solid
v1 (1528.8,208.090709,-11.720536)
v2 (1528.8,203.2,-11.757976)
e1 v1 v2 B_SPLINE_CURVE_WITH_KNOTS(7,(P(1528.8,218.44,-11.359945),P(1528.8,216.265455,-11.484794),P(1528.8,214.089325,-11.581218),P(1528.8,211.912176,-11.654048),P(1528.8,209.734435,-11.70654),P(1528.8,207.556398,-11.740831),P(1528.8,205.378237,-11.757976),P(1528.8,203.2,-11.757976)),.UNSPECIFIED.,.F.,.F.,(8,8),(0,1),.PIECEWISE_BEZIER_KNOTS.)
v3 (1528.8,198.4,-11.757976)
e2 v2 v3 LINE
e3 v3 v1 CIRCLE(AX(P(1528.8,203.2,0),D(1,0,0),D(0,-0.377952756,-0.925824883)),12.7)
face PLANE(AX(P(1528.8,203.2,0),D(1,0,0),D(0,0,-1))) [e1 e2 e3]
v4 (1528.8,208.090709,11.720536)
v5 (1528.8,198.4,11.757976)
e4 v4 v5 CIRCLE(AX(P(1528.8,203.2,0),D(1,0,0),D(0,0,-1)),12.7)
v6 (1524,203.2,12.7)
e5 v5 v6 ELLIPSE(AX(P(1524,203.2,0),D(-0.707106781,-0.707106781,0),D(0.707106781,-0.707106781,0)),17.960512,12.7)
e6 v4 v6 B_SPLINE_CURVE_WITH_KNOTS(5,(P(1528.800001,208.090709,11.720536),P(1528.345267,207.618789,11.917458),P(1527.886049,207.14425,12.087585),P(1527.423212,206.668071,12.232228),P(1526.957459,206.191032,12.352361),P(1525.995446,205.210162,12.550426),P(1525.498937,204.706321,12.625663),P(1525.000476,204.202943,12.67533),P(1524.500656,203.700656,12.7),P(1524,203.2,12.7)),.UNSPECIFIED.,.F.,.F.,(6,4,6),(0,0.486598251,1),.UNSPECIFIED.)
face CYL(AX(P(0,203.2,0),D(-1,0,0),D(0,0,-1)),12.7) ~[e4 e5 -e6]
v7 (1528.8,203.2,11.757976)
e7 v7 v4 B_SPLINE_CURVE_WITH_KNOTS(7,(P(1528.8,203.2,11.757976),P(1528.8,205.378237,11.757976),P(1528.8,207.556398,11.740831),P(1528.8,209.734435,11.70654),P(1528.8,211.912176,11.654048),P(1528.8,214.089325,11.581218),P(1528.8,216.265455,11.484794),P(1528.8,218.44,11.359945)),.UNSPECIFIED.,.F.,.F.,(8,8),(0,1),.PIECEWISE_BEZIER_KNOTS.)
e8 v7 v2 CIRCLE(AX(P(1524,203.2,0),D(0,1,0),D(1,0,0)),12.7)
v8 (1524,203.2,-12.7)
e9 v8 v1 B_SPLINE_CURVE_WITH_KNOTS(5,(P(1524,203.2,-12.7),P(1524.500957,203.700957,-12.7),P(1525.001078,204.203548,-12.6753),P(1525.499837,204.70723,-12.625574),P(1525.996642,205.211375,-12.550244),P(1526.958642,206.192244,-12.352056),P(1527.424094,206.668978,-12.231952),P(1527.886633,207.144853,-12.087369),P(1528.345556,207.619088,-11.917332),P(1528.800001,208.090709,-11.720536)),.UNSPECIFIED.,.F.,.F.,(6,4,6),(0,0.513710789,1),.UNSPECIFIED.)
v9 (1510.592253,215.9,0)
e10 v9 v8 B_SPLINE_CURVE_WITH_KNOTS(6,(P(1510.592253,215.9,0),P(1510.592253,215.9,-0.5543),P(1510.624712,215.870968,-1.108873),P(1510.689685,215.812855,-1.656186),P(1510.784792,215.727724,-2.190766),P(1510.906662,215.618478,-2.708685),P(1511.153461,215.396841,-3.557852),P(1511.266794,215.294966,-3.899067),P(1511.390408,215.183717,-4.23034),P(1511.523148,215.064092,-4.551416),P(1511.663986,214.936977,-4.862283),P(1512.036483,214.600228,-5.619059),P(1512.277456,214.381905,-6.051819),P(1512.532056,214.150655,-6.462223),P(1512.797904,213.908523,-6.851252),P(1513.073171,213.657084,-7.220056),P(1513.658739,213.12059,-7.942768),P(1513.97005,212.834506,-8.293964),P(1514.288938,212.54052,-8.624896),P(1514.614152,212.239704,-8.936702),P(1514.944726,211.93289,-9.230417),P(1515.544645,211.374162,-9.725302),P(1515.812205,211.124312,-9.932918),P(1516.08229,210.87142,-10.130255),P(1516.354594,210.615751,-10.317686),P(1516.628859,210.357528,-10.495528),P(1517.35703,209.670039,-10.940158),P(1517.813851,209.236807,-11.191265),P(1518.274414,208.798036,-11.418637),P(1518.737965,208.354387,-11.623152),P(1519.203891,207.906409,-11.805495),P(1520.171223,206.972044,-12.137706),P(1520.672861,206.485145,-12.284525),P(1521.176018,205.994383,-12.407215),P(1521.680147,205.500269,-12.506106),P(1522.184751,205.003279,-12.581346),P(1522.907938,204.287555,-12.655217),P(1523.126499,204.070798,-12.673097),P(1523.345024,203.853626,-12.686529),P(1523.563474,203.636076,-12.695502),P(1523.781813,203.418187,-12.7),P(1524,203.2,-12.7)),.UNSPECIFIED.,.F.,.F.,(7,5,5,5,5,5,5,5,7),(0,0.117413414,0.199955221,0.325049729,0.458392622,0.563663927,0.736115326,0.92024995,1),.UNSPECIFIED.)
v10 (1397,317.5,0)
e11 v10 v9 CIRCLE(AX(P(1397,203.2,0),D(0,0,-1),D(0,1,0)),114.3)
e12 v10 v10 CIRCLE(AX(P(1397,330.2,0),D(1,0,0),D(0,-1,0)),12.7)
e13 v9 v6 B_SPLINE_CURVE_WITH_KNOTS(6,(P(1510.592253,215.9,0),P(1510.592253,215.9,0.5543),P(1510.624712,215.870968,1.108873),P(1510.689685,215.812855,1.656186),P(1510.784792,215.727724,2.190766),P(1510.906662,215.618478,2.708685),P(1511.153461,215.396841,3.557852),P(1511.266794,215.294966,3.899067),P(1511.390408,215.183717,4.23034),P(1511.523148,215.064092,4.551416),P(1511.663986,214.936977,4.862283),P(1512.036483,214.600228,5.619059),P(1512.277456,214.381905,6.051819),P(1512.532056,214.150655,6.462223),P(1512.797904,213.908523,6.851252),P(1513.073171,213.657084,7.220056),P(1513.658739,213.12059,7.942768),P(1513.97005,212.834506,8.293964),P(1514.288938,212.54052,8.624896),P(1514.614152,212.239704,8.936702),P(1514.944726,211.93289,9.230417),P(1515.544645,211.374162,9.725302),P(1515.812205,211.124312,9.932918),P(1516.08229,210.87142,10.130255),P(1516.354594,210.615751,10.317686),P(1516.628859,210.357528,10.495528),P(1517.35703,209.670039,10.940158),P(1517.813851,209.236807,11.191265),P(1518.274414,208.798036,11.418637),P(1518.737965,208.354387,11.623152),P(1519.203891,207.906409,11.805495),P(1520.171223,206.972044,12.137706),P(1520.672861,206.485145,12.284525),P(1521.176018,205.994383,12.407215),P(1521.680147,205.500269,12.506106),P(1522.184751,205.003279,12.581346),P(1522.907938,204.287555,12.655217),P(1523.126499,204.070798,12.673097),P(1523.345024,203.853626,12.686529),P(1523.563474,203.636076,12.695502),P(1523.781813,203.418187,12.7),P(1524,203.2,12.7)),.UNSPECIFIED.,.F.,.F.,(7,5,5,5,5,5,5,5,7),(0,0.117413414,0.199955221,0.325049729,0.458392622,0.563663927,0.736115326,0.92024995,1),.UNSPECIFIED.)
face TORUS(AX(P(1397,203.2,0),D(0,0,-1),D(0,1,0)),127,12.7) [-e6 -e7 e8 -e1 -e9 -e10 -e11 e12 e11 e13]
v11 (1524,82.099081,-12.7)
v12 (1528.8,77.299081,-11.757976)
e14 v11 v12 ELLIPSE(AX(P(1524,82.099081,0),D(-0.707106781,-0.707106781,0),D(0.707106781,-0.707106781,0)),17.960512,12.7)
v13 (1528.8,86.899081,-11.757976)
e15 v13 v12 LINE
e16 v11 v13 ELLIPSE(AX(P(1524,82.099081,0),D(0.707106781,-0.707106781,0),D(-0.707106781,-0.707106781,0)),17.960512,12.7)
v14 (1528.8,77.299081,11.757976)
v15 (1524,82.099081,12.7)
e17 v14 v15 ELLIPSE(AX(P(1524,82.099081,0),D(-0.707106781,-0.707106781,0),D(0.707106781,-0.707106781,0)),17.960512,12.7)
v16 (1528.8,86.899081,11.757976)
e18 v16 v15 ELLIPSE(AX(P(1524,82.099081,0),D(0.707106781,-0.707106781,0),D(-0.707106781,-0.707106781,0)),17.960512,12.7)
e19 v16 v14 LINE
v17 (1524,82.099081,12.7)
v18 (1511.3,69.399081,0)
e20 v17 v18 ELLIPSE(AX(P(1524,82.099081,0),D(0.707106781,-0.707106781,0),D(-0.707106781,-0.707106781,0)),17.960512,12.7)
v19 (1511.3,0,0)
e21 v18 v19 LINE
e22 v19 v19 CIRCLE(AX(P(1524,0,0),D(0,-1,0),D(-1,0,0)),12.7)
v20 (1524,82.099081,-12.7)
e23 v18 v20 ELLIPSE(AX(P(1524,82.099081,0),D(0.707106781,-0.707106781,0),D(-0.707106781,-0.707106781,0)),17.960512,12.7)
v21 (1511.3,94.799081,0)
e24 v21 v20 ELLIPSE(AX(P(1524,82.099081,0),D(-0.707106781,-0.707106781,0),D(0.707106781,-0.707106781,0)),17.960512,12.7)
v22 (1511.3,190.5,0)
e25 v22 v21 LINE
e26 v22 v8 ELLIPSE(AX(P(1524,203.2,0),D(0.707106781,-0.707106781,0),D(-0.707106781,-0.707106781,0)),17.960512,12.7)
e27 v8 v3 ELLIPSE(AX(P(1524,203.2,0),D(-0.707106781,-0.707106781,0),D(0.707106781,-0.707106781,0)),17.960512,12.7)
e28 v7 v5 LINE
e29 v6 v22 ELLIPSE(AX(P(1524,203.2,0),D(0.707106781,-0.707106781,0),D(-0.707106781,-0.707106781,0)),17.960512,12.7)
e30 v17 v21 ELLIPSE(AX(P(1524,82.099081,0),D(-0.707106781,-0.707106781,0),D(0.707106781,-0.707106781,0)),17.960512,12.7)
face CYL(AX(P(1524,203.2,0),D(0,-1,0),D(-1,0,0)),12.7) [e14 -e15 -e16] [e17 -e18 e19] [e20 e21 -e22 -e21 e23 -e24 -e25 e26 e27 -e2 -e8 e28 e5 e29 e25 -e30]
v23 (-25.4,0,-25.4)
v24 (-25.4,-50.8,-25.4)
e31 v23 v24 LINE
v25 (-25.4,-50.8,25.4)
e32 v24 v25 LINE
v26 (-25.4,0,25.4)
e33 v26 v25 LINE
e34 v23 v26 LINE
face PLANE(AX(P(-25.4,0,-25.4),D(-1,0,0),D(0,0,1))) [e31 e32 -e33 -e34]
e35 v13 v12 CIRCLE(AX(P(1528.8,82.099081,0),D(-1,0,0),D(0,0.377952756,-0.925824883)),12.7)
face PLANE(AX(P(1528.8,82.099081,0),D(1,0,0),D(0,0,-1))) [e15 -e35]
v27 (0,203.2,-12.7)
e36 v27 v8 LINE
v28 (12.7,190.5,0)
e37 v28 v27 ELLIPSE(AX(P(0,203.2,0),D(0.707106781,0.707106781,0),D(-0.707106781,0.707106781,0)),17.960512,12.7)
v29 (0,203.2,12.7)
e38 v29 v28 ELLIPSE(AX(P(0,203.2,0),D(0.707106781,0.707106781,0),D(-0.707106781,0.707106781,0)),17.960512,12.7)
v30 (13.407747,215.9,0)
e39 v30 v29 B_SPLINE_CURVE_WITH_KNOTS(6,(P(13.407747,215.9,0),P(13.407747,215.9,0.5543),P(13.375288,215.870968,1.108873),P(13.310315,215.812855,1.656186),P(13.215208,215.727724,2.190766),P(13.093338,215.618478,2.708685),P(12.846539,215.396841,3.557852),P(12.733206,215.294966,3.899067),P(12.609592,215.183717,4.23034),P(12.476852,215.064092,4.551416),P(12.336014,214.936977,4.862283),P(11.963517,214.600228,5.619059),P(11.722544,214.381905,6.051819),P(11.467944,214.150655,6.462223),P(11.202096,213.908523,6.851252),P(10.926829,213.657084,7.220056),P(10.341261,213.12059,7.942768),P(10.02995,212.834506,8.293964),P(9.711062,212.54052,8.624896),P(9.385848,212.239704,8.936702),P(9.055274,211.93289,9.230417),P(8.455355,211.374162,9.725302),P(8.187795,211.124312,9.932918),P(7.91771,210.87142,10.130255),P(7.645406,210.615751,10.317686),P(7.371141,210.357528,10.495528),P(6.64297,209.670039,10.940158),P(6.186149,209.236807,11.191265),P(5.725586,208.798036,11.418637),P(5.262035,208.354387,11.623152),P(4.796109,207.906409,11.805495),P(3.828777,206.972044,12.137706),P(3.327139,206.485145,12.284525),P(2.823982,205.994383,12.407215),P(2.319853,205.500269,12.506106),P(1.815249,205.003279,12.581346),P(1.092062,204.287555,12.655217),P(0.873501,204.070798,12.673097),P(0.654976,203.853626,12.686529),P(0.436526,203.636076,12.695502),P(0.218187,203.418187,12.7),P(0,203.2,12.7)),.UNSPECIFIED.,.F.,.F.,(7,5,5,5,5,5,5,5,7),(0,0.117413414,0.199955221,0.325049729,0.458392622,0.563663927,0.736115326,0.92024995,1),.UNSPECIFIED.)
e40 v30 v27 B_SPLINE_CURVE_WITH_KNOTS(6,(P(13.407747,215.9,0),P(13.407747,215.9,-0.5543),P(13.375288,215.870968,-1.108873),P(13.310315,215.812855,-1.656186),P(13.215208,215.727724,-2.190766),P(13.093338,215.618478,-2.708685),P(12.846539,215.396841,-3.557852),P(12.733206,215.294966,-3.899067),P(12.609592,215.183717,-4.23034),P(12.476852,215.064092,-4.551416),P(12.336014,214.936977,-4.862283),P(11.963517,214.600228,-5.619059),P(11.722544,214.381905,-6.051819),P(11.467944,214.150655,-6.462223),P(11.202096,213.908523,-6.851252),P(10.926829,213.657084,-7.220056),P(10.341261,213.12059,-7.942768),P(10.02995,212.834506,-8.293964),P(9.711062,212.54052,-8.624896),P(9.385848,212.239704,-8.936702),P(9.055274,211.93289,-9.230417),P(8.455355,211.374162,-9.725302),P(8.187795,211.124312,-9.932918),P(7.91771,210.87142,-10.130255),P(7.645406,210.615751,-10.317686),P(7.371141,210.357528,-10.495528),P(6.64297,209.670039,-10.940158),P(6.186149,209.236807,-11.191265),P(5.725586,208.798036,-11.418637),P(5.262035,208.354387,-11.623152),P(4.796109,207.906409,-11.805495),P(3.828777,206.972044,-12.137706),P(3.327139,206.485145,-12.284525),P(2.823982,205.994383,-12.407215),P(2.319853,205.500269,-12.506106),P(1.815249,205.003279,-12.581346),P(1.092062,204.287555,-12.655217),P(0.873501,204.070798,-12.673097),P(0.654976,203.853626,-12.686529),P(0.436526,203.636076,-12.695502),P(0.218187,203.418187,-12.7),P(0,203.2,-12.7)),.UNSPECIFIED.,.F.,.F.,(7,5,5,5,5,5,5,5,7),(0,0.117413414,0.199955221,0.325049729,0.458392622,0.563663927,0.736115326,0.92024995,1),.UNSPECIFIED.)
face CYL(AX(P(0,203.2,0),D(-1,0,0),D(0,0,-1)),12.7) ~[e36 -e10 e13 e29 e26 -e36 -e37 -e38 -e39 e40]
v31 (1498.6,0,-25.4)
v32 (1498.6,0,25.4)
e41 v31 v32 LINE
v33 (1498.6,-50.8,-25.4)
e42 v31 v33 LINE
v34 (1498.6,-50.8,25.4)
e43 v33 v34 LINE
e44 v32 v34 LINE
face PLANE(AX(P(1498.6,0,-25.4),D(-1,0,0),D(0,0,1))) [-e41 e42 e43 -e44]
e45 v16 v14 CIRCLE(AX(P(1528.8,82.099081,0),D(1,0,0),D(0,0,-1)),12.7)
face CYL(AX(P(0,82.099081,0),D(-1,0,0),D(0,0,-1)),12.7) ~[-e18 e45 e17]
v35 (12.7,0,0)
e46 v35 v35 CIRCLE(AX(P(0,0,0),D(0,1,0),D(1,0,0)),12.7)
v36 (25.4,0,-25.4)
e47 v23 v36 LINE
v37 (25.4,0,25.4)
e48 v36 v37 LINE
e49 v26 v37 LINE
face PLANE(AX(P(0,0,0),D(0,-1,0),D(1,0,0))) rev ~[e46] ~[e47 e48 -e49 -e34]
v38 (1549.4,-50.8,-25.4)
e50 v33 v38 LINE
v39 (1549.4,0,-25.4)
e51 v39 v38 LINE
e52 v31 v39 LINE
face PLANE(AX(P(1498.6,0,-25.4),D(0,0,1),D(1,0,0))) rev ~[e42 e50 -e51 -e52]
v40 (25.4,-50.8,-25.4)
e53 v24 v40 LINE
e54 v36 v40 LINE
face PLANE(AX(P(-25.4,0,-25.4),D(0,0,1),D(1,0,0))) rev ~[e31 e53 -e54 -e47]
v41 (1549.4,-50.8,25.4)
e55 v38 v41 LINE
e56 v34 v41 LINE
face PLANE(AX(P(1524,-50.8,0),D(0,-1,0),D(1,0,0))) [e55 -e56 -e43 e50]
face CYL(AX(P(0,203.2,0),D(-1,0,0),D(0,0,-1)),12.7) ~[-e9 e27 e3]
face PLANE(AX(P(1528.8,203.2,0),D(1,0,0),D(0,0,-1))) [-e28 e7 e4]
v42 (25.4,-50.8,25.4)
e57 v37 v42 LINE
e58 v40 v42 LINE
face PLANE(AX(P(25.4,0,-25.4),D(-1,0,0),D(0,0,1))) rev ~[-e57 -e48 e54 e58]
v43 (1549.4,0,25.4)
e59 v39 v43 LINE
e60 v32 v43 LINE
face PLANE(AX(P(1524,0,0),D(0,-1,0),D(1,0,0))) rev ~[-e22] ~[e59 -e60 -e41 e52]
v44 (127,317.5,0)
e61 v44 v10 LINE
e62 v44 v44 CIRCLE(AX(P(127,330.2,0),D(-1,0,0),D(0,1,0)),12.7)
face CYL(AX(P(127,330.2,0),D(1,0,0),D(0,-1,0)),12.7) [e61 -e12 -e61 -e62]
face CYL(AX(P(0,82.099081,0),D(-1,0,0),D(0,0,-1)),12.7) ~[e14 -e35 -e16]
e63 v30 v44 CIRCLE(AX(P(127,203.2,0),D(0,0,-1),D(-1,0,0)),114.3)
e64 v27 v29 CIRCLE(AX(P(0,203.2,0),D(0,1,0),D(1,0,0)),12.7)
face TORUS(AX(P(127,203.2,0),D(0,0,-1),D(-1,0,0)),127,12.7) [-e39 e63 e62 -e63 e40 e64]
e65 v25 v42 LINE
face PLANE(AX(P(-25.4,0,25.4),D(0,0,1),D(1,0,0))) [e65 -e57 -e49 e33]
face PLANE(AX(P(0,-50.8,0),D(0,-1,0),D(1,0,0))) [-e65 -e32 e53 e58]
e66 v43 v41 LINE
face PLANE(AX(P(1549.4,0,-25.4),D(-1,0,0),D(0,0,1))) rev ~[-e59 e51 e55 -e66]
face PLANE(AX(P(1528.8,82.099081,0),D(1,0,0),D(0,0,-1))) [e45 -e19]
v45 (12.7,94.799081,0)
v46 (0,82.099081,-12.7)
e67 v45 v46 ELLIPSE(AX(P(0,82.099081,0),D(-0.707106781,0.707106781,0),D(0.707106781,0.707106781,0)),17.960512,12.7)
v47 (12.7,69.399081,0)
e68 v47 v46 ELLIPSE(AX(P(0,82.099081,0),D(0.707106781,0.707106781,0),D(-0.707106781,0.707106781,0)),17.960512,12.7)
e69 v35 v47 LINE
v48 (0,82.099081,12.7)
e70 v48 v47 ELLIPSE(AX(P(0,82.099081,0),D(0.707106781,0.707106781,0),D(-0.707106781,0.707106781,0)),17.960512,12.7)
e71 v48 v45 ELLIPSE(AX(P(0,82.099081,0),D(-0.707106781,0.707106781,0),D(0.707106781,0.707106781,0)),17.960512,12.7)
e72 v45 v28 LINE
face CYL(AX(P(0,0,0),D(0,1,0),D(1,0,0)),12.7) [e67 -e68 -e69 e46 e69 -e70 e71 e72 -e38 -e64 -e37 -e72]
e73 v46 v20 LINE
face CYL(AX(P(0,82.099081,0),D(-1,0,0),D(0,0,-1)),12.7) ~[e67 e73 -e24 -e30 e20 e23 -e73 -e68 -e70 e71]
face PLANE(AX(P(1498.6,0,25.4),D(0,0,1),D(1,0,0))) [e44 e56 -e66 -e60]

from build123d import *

# Parameters (mm, degrees)
SKETCH2_R           = 12.7
SKETCH3_W           = 50.8
SKETCH3_H           = 50.8
BOSS_EXTRUDE1_DEPTH = 50.8
SKETCH4_R           = 12.7
BOSS_EXTRUDE2_DEPTH = 1528.8
SKETCH5_R           = 12.7
BOSS_EXTRUDE3_DEPTH = 1528.8


with BuildPart() as part:
    # Sweep1: sweep along a path in Sketch1
    with BuildLine(Plane.XY) as sweep1_path:
        Line((0, 0), (0, 203.2))
        ThreePointArc((0, 203.2), (37.197438789, 293.002561211), (127, 330.2))
        Line((127, 330.2), (1397, 330.2))
        ThreePointArc((1397, 330.2), (1486.802561211, 293.002561211), (1524, 203.2))
        Line((1524, 203.2), (1524, 0))
    # Sketch2 → Sweep1 (sweep)
    with BuildSketch(Plane(origin=(0, 0, 0), x_dir=(1, 0, 0), z_dir=(0, 1, 0))):
        Circle(SKETCH2_R)
    sweep(path=sweep1_path.line)

    # Sketch3 → Boss-Extrude1 (add)
    with BuildSketch(Plane.XZ):
        Rectangle(SKETCH3_W, SKETCH3_H)
        with Locations((1524, 0)):
            Rectangle(SKETCH3_W, SKETCH3_H)
    extrude(amount=BOSS_EXTRUDE1_DEPTH)

    # Sketch4 → Boss-Extrude2 (add)
    with BuildSketch(Plane(origin=(0, 0, 0), x_dir=(0, 0, -1), z_dir=(1, 0, 0))):
        with Locations((0, 203.2)):
            Circle(SKETCH4_R)
    extrude(amount=BOSS_EXTRUDE2_DEPTH)

    # Sketch5 → Boss-Extrude3 (add)
    with BuildSketch(Plane(origin=(0, 0, 0), x_dir=(0, 0, -1), z_dir=(1, 0, 0))):
        with Locations((0, 82.09908093)):
            Circle(SKETCH5_R)
    extrude(amount=BOSS_EXTRUDE3_DEPTH)


solid = part.part
